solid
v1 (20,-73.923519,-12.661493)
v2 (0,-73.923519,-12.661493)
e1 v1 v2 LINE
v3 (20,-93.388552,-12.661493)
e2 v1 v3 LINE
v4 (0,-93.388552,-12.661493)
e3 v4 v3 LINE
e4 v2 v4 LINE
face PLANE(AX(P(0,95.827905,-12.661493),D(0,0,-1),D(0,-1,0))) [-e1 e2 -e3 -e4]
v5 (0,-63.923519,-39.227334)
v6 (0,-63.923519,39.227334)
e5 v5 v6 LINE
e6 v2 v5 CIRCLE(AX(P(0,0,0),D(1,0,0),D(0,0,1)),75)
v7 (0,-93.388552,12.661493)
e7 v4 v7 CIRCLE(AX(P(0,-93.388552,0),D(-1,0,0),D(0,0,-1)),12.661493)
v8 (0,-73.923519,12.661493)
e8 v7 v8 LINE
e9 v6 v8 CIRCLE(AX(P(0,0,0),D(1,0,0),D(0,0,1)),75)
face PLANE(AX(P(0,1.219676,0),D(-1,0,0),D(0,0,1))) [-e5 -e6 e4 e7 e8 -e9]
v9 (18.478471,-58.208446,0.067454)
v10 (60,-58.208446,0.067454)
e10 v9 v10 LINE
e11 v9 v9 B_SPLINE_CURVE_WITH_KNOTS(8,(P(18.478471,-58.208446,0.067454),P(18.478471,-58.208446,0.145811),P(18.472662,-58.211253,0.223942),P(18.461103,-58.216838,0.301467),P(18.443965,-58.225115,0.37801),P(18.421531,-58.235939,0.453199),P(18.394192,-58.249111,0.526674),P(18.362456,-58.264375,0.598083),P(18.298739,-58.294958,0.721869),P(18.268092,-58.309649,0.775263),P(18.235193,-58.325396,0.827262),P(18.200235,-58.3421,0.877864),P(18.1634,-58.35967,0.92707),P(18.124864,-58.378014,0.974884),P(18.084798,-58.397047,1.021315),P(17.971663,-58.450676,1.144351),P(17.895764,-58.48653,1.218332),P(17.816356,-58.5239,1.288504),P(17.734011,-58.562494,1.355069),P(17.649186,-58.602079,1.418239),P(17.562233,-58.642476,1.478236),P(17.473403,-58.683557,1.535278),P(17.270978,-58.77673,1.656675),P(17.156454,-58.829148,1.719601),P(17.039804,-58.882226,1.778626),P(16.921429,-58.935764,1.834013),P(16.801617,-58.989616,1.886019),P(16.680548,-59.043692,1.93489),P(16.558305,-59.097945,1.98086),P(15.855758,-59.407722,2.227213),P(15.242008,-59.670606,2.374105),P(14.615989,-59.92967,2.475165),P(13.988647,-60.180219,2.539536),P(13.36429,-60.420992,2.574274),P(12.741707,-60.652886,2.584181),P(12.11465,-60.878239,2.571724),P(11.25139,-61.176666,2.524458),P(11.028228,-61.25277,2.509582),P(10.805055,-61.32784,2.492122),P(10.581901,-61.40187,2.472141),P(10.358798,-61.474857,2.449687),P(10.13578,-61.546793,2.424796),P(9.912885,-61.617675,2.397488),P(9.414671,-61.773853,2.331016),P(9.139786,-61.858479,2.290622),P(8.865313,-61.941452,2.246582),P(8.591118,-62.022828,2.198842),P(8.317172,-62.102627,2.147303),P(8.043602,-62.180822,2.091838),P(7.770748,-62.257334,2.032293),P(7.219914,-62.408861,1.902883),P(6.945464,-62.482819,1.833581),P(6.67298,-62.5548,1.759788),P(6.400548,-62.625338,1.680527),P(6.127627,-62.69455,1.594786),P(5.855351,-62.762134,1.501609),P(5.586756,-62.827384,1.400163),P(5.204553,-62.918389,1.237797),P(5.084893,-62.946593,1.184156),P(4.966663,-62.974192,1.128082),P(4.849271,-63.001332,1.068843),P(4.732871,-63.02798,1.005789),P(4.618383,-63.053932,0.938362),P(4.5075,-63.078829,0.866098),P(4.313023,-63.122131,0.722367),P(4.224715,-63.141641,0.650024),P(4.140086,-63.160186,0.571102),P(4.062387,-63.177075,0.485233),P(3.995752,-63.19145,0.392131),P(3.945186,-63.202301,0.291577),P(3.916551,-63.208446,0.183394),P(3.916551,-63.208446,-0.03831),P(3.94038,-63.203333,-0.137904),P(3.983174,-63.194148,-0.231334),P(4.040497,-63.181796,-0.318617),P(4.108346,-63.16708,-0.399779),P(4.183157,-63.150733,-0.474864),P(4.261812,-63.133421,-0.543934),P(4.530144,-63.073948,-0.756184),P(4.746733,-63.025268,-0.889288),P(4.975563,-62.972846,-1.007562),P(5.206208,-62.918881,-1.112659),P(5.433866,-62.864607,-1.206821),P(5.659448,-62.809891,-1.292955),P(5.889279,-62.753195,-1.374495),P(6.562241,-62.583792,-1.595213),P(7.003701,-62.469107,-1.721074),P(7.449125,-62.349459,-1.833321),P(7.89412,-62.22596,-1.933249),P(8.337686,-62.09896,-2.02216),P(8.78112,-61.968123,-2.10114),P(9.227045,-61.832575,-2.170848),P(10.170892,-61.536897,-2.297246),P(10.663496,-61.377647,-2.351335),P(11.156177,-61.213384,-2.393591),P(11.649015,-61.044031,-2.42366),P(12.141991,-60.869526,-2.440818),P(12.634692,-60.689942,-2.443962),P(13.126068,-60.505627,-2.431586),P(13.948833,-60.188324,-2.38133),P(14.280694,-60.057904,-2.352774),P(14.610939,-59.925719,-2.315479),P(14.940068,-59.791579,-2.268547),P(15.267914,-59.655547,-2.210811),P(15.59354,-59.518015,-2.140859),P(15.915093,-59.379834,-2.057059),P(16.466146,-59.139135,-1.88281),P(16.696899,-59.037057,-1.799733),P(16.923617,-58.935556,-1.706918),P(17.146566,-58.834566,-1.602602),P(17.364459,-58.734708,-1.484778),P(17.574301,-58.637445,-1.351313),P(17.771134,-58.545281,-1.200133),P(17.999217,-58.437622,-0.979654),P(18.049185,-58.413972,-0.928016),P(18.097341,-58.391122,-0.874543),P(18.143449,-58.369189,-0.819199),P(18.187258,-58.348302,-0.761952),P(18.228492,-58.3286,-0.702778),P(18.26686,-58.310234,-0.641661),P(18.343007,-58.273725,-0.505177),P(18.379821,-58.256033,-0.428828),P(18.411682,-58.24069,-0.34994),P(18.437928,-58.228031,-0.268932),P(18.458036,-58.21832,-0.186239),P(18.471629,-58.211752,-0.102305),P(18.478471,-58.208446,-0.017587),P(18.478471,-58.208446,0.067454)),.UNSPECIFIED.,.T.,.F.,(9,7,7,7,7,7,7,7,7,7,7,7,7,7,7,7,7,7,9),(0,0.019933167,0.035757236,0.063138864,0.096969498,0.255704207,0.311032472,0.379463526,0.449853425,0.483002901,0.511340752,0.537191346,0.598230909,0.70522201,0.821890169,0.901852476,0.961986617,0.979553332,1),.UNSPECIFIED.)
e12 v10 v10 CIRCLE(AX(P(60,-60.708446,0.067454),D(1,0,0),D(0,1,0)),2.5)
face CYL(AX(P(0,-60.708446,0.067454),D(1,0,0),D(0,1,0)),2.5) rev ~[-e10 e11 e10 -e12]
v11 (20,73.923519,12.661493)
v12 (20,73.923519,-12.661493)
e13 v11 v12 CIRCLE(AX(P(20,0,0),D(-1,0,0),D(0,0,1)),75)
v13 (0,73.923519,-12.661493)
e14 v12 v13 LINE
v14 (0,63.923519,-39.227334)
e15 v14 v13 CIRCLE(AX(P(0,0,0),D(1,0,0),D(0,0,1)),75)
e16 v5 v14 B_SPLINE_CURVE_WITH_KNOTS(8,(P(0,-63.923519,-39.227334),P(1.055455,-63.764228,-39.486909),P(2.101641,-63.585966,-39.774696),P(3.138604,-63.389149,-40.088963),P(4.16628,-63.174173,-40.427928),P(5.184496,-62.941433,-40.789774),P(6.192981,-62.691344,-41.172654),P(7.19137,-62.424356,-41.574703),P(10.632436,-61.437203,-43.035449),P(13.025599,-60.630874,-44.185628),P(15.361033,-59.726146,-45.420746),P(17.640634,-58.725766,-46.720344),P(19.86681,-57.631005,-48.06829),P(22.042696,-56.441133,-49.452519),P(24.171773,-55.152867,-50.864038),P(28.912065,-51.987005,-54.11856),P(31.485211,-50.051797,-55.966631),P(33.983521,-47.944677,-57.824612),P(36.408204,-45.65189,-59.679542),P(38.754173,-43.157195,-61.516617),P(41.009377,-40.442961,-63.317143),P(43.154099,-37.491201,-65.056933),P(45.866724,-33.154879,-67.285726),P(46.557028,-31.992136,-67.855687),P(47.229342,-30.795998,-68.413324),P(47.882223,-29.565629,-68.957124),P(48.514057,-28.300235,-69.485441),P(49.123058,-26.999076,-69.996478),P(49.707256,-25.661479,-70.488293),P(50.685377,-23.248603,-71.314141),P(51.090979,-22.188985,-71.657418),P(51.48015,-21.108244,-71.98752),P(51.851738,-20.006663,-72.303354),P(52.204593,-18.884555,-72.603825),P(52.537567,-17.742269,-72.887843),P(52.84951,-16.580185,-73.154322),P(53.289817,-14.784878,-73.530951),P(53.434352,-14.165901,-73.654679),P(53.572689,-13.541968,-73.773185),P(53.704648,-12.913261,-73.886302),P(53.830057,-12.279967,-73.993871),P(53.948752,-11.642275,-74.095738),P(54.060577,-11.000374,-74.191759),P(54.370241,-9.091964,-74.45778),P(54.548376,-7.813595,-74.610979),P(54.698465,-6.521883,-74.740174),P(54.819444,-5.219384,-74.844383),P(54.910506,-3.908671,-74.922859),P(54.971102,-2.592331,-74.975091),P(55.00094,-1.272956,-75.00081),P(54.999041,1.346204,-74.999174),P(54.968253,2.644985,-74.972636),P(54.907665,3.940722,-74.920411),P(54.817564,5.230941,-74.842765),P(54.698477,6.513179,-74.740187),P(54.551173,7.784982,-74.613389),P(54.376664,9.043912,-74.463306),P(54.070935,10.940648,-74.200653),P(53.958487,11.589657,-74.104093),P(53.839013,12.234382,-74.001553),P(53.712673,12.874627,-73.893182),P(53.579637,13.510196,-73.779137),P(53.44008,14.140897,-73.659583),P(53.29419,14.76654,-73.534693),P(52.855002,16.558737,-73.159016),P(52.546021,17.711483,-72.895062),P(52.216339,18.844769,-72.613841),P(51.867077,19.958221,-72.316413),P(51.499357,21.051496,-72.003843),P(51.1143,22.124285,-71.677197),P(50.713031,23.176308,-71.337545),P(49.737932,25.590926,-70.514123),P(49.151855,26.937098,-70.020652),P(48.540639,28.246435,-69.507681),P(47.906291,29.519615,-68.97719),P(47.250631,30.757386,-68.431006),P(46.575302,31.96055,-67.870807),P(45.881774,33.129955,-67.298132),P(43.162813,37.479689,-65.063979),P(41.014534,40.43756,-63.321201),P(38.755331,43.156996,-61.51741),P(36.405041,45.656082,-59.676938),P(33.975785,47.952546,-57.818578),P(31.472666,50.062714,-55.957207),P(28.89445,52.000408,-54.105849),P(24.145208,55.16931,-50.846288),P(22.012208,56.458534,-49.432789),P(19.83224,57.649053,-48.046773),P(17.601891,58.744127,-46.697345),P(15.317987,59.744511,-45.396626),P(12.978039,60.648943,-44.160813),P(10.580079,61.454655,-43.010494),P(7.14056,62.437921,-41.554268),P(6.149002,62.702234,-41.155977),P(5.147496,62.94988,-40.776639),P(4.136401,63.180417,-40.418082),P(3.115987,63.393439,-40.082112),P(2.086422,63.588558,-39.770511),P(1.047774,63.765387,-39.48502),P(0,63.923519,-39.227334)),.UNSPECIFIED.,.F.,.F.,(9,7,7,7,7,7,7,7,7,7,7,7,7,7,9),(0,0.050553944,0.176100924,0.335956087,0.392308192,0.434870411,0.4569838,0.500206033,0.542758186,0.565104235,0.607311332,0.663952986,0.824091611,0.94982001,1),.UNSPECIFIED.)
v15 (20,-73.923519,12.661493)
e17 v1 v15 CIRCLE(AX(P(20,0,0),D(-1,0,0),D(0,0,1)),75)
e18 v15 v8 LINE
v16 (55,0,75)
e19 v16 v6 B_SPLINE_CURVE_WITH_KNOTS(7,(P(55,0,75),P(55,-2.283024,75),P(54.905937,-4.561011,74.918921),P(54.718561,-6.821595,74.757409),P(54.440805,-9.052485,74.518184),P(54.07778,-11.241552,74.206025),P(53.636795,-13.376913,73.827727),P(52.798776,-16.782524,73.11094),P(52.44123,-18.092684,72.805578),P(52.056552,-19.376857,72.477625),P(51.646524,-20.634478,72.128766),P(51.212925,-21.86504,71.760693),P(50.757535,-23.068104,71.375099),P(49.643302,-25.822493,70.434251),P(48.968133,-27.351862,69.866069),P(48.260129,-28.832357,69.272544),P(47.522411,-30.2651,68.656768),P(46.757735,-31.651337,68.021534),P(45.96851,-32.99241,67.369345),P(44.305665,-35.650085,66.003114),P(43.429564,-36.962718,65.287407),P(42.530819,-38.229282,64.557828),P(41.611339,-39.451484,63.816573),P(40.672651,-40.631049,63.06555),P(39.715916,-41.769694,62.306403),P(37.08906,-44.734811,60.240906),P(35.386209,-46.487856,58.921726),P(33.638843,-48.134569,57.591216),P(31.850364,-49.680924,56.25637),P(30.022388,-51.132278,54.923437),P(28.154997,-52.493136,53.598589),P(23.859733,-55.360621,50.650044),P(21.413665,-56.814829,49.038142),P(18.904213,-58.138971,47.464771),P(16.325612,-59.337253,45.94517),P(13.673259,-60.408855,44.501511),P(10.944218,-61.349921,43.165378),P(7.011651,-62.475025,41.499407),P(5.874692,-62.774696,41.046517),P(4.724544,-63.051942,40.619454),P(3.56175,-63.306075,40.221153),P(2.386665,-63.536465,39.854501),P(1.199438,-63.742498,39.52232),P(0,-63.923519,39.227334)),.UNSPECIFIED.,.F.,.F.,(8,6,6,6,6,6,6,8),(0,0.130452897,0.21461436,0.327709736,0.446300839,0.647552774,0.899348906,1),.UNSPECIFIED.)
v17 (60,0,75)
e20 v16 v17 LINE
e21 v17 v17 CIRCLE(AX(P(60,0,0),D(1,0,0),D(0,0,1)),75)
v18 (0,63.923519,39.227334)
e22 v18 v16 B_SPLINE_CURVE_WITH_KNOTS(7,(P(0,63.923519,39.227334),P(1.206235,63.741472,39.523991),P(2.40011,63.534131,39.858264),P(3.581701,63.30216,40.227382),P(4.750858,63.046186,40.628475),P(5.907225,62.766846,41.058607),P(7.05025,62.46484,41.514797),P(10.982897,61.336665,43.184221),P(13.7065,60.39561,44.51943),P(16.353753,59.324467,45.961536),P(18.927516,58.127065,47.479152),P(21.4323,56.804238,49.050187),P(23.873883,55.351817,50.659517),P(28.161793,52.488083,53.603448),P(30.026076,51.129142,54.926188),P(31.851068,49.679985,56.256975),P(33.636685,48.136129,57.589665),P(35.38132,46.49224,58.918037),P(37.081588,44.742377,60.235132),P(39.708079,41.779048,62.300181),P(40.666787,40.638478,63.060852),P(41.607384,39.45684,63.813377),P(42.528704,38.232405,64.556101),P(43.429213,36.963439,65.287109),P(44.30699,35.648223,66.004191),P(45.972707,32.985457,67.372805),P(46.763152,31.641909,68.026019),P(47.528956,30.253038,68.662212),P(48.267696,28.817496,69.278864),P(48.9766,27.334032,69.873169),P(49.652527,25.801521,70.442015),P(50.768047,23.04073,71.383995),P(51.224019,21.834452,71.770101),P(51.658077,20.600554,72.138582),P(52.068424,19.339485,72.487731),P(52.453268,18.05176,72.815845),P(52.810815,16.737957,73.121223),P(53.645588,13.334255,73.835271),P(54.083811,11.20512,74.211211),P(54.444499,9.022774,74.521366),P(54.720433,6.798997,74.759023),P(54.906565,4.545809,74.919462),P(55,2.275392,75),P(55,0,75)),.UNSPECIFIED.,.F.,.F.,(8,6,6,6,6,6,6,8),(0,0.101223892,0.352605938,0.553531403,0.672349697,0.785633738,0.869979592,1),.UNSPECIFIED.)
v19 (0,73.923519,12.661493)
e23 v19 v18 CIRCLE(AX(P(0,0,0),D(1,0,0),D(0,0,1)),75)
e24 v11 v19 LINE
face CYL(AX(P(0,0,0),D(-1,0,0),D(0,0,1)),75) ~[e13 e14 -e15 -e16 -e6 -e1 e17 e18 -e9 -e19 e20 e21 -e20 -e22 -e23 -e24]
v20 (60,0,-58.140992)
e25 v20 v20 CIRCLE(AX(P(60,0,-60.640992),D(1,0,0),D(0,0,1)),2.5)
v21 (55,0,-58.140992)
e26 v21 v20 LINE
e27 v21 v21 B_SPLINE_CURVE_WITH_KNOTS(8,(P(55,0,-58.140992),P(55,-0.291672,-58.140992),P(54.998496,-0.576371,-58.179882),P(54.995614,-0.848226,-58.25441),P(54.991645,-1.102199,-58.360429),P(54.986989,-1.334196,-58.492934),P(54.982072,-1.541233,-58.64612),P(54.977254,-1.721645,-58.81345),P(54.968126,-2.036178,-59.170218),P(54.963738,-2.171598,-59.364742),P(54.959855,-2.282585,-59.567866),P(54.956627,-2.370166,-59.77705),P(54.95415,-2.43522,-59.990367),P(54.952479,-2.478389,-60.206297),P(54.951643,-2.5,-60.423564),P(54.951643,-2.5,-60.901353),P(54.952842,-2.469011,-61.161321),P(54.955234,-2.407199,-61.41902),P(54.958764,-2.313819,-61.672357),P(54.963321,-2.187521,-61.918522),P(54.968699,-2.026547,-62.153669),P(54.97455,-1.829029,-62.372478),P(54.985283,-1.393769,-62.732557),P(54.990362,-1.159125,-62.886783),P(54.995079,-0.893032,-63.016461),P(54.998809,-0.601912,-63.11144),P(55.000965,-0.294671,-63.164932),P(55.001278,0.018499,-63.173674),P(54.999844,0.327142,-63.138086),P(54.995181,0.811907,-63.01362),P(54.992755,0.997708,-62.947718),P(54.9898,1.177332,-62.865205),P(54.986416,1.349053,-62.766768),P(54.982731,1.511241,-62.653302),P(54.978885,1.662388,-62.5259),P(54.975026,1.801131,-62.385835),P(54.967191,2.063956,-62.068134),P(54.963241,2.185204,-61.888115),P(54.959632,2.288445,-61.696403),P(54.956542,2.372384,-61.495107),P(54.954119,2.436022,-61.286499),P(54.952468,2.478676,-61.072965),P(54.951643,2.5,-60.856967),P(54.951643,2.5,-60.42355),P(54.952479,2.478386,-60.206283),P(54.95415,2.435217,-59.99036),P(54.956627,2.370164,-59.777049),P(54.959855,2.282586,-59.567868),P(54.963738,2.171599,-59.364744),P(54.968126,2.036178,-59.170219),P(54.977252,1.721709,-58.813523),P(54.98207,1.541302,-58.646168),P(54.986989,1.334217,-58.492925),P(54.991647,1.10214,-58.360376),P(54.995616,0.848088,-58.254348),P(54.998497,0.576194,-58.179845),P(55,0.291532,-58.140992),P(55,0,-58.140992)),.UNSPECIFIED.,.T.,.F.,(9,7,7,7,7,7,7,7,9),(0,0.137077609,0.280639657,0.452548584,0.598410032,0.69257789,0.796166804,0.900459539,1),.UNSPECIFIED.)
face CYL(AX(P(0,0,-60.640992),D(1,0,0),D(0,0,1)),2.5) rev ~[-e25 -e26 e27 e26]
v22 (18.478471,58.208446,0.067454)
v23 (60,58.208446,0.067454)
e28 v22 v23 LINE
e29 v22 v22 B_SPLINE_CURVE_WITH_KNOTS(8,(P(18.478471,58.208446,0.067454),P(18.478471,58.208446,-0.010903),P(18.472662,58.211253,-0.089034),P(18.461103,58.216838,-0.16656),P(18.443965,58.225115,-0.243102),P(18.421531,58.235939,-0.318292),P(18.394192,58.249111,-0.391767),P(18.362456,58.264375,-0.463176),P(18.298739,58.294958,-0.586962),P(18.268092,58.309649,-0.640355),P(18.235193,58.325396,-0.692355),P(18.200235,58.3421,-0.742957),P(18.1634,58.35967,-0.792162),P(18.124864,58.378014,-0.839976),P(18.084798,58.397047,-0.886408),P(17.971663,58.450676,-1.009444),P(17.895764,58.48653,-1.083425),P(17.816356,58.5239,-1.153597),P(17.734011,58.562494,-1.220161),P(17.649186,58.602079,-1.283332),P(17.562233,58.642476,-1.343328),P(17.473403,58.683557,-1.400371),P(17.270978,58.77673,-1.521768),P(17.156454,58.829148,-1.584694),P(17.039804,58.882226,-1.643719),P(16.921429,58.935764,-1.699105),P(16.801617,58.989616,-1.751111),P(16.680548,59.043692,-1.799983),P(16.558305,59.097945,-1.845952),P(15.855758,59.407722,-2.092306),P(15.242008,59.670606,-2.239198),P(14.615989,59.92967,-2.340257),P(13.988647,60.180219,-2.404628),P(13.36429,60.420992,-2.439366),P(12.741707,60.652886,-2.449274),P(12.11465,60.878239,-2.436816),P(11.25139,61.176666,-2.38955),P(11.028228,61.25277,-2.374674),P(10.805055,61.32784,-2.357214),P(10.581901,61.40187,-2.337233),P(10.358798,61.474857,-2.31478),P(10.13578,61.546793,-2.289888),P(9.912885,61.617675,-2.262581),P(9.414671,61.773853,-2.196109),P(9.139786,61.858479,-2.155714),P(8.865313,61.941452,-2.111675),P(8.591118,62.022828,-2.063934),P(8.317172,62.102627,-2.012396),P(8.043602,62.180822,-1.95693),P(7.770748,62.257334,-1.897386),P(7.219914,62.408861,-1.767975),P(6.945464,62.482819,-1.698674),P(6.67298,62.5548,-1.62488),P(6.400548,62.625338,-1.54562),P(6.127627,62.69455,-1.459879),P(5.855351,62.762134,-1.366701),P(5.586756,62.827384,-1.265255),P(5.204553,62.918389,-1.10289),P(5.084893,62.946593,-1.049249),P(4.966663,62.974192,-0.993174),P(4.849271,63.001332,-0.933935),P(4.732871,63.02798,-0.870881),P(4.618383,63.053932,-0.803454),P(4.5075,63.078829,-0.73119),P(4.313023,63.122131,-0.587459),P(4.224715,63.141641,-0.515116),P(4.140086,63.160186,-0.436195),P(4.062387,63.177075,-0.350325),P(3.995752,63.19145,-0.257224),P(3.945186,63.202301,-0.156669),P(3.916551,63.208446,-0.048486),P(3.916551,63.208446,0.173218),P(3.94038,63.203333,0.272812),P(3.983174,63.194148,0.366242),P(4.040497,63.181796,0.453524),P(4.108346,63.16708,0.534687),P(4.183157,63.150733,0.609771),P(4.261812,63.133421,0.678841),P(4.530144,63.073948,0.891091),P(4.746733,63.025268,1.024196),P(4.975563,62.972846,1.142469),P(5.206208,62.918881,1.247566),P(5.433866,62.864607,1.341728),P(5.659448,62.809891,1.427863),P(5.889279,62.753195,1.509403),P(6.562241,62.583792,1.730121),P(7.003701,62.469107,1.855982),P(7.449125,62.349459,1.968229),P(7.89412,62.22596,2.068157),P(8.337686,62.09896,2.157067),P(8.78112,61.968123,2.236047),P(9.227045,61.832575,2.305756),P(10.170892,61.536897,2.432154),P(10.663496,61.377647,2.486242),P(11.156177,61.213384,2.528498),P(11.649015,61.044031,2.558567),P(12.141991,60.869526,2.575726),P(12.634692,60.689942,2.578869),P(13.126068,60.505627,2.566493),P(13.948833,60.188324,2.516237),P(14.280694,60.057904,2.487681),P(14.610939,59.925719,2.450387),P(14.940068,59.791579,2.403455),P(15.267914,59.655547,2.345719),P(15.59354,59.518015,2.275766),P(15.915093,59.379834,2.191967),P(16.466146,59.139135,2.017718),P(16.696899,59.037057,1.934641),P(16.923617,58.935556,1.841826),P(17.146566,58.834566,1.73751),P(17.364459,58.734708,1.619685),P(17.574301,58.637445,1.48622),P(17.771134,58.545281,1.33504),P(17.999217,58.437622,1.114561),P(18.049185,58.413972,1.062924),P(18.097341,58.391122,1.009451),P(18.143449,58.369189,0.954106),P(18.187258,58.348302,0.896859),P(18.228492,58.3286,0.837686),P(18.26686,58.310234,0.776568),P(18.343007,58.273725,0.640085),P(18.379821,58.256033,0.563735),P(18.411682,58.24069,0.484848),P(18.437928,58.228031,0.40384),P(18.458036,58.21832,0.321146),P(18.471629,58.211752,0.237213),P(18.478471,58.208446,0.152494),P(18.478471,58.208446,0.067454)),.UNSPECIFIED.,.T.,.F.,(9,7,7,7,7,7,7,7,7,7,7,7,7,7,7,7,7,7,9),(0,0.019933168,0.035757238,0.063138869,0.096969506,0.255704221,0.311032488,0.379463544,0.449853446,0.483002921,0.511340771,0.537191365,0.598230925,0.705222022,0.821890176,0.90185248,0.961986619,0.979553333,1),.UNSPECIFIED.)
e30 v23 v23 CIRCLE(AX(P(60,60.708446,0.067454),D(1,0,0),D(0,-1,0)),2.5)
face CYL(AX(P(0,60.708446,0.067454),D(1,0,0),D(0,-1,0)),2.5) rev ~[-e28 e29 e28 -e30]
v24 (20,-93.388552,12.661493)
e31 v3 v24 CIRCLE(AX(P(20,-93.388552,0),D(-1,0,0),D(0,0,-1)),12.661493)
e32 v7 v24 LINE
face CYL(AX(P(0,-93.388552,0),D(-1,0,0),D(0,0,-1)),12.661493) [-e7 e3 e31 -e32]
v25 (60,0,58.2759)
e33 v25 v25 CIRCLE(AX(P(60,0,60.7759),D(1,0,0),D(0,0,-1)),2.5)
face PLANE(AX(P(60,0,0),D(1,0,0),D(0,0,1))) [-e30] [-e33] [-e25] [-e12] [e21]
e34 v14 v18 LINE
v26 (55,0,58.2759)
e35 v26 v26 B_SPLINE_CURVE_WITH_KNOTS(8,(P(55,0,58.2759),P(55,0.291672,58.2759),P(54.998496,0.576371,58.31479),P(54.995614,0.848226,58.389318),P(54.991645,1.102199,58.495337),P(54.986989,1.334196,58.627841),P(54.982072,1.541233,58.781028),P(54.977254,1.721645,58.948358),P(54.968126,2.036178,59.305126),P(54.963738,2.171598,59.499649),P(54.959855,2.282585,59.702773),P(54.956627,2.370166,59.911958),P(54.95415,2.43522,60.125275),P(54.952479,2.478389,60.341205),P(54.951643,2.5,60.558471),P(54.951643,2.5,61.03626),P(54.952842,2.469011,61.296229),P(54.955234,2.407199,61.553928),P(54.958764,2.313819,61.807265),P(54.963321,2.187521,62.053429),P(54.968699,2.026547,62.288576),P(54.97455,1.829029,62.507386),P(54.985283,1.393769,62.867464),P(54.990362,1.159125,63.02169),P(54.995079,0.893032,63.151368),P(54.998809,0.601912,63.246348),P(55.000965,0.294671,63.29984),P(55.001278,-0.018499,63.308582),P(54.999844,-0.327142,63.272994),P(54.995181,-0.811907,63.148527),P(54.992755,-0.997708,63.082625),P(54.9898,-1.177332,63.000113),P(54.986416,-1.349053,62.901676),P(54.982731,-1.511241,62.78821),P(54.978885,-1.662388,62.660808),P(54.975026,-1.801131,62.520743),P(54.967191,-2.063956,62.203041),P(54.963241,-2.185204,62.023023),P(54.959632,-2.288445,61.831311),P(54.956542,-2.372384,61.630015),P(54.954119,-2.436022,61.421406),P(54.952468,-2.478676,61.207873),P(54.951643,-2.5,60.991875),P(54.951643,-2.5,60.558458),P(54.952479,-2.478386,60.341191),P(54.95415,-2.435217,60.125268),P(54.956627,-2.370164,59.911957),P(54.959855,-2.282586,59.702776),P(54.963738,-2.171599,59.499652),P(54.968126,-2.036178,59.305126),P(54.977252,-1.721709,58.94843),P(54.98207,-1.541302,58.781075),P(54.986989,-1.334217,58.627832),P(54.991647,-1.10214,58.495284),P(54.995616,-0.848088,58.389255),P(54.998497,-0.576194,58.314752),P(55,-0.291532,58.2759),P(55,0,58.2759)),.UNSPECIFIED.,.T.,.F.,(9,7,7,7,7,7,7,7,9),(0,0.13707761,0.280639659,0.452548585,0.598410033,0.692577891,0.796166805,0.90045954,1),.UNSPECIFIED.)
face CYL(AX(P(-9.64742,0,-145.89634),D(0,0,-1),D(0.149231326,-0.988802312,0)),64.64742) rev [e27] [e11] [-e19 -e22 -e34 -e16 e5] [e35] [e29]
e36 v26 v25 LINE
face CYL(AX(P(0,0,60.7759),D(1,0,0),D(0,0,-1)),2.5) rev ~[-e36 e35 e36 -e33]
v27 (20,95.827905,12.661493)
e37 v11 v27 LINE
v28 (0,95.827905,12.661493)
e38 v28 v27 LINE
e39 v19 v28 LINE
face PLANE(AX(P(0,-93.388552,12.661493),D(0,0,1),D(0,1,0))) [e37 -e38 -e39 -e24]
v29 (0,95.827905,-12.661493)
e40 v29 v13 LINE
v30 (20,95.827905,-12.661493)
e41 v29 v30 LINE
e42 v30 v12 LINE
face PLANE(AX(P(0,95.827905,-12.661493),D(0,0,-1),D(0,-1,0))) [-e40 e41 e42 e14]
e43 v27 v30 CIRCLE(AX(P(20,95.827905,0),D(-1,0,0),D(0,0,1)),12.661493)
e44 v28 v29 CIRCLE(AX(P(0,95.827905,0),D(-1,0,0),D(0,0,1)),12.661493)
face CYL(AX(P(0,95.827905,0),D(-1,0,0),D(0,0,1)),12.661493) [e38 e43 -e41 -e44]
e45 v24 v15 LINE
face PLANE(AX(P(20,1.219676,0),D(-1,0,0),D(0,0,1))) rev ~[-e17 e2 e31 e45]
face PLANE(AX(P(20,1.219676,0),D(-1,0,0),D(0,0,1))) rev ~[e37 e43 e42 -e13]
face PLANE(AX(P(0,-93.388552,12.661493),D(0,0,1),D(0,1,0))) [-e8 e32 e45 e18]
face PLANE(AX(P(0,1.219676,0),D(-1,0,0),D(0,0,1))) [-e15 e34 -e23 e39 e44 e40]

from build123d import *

# Parameters (mm, degrees)
SKETCH1_R               = 75
BOSS_EXTRUDE1_DEPTH     = 60
BOSS_EXTRUDE2_DEPTH     = 20
SKETCH6_R               = 2.5
CUT_EXTRUDE4_DEPTH      = 145.896339998
CIRPATTERN1_COUNT       = 4
CUT_EXTRUDE3_DEPTH      = 145.896339998
CUT_EXTRUDE3_DEPTH_BACK = 145.896339998


with BuildPart() as part:
    # Sketch1 → Boss-Extrude1 (new body)
    with BuildSketch(Plane(origin=(0, 0, 0), x_dir=(0, 0, -1), z_dir=(1, 0, 0))):
        with Locations(Location((0, 0, 0), (0, 0, 180))):
            Circle(SKETCH1_R)
    extrude(amount=BOSS_EXTRUDE1_DEPTH)

    # Sketch5 → Boss-Extrude2 (add)
    with BuildSketch(Plane(origin=(0, 0, 0), x_dir=(0, 0, -1), z_dir=(1, 0, 0))):
        with BuildLine():
            Line((12.661492774, 95.827904611), (12.661492774, -93.388552108))
            ThreePointArc((12.661492774, -93.388552108), (0, -106.050044882), (-12.661492774, -93.388552108))
            Line((-12.661492774, -93.388552108), (-12.661492774, 95.827904611))
            ThreePointArc((-12.661492774, 95.827904611), (0, 108.489397385), (12.661492774, 95.827904611))
        make_face()
    extrude(amount=BOSS_EXTRUDE2_DEPTH)

    # Sketch6 → Cut-Extrude4 (cut, symmetric)
    with BuildSketch(Plane(origin=(0, 0, 0), x_dir=(0, 0, -1), z_dir=(1, 0, 0))):
        with Locations(Location((60.640992129, 0, 0), (0, 0, 180))):
            Circle(SKETCH6_R)
    cut_extrude4 = extrude(amount=CUT_EXTRUDE4_DEPTH, both=True, mode=Mode.SUBTRACT)

    # CirPattern1: Cut-Extrude4 ×4 about axis
    cirpattern1_axis = Axis((0, 0, 0.067453829), (1, 0, 0))
    for i in range(1, CIRPATTERN1_COUNT):
        add(cut_extrude4.rotate(cirpattern1_axis, i * 360 / CIRPATTERN1_COUNT), mode=Mode.SUBTRACT)

    # Sketch3 → Cut-Extrude3 (cut, two sides: drawn at the far end of the back side and taken through both)
    with BuildSketch(Plane.XY.offset(-CUT_EXTRUDE3_DEPTH_BACK)):
        with BuildLine():
            Line((0, 63.92351859), (0, -63.92351859))
            ThreePointArc((0, -63.92351859), (55, 0), (0, 63.92351859))
        make_face()
    extrude(amount=CUT_EXTRUDE3_DEPTH + CUT_EXTRUDE3_DEPTH_BACK, mode=Mode.SUBTRACT)


solid = part.part
